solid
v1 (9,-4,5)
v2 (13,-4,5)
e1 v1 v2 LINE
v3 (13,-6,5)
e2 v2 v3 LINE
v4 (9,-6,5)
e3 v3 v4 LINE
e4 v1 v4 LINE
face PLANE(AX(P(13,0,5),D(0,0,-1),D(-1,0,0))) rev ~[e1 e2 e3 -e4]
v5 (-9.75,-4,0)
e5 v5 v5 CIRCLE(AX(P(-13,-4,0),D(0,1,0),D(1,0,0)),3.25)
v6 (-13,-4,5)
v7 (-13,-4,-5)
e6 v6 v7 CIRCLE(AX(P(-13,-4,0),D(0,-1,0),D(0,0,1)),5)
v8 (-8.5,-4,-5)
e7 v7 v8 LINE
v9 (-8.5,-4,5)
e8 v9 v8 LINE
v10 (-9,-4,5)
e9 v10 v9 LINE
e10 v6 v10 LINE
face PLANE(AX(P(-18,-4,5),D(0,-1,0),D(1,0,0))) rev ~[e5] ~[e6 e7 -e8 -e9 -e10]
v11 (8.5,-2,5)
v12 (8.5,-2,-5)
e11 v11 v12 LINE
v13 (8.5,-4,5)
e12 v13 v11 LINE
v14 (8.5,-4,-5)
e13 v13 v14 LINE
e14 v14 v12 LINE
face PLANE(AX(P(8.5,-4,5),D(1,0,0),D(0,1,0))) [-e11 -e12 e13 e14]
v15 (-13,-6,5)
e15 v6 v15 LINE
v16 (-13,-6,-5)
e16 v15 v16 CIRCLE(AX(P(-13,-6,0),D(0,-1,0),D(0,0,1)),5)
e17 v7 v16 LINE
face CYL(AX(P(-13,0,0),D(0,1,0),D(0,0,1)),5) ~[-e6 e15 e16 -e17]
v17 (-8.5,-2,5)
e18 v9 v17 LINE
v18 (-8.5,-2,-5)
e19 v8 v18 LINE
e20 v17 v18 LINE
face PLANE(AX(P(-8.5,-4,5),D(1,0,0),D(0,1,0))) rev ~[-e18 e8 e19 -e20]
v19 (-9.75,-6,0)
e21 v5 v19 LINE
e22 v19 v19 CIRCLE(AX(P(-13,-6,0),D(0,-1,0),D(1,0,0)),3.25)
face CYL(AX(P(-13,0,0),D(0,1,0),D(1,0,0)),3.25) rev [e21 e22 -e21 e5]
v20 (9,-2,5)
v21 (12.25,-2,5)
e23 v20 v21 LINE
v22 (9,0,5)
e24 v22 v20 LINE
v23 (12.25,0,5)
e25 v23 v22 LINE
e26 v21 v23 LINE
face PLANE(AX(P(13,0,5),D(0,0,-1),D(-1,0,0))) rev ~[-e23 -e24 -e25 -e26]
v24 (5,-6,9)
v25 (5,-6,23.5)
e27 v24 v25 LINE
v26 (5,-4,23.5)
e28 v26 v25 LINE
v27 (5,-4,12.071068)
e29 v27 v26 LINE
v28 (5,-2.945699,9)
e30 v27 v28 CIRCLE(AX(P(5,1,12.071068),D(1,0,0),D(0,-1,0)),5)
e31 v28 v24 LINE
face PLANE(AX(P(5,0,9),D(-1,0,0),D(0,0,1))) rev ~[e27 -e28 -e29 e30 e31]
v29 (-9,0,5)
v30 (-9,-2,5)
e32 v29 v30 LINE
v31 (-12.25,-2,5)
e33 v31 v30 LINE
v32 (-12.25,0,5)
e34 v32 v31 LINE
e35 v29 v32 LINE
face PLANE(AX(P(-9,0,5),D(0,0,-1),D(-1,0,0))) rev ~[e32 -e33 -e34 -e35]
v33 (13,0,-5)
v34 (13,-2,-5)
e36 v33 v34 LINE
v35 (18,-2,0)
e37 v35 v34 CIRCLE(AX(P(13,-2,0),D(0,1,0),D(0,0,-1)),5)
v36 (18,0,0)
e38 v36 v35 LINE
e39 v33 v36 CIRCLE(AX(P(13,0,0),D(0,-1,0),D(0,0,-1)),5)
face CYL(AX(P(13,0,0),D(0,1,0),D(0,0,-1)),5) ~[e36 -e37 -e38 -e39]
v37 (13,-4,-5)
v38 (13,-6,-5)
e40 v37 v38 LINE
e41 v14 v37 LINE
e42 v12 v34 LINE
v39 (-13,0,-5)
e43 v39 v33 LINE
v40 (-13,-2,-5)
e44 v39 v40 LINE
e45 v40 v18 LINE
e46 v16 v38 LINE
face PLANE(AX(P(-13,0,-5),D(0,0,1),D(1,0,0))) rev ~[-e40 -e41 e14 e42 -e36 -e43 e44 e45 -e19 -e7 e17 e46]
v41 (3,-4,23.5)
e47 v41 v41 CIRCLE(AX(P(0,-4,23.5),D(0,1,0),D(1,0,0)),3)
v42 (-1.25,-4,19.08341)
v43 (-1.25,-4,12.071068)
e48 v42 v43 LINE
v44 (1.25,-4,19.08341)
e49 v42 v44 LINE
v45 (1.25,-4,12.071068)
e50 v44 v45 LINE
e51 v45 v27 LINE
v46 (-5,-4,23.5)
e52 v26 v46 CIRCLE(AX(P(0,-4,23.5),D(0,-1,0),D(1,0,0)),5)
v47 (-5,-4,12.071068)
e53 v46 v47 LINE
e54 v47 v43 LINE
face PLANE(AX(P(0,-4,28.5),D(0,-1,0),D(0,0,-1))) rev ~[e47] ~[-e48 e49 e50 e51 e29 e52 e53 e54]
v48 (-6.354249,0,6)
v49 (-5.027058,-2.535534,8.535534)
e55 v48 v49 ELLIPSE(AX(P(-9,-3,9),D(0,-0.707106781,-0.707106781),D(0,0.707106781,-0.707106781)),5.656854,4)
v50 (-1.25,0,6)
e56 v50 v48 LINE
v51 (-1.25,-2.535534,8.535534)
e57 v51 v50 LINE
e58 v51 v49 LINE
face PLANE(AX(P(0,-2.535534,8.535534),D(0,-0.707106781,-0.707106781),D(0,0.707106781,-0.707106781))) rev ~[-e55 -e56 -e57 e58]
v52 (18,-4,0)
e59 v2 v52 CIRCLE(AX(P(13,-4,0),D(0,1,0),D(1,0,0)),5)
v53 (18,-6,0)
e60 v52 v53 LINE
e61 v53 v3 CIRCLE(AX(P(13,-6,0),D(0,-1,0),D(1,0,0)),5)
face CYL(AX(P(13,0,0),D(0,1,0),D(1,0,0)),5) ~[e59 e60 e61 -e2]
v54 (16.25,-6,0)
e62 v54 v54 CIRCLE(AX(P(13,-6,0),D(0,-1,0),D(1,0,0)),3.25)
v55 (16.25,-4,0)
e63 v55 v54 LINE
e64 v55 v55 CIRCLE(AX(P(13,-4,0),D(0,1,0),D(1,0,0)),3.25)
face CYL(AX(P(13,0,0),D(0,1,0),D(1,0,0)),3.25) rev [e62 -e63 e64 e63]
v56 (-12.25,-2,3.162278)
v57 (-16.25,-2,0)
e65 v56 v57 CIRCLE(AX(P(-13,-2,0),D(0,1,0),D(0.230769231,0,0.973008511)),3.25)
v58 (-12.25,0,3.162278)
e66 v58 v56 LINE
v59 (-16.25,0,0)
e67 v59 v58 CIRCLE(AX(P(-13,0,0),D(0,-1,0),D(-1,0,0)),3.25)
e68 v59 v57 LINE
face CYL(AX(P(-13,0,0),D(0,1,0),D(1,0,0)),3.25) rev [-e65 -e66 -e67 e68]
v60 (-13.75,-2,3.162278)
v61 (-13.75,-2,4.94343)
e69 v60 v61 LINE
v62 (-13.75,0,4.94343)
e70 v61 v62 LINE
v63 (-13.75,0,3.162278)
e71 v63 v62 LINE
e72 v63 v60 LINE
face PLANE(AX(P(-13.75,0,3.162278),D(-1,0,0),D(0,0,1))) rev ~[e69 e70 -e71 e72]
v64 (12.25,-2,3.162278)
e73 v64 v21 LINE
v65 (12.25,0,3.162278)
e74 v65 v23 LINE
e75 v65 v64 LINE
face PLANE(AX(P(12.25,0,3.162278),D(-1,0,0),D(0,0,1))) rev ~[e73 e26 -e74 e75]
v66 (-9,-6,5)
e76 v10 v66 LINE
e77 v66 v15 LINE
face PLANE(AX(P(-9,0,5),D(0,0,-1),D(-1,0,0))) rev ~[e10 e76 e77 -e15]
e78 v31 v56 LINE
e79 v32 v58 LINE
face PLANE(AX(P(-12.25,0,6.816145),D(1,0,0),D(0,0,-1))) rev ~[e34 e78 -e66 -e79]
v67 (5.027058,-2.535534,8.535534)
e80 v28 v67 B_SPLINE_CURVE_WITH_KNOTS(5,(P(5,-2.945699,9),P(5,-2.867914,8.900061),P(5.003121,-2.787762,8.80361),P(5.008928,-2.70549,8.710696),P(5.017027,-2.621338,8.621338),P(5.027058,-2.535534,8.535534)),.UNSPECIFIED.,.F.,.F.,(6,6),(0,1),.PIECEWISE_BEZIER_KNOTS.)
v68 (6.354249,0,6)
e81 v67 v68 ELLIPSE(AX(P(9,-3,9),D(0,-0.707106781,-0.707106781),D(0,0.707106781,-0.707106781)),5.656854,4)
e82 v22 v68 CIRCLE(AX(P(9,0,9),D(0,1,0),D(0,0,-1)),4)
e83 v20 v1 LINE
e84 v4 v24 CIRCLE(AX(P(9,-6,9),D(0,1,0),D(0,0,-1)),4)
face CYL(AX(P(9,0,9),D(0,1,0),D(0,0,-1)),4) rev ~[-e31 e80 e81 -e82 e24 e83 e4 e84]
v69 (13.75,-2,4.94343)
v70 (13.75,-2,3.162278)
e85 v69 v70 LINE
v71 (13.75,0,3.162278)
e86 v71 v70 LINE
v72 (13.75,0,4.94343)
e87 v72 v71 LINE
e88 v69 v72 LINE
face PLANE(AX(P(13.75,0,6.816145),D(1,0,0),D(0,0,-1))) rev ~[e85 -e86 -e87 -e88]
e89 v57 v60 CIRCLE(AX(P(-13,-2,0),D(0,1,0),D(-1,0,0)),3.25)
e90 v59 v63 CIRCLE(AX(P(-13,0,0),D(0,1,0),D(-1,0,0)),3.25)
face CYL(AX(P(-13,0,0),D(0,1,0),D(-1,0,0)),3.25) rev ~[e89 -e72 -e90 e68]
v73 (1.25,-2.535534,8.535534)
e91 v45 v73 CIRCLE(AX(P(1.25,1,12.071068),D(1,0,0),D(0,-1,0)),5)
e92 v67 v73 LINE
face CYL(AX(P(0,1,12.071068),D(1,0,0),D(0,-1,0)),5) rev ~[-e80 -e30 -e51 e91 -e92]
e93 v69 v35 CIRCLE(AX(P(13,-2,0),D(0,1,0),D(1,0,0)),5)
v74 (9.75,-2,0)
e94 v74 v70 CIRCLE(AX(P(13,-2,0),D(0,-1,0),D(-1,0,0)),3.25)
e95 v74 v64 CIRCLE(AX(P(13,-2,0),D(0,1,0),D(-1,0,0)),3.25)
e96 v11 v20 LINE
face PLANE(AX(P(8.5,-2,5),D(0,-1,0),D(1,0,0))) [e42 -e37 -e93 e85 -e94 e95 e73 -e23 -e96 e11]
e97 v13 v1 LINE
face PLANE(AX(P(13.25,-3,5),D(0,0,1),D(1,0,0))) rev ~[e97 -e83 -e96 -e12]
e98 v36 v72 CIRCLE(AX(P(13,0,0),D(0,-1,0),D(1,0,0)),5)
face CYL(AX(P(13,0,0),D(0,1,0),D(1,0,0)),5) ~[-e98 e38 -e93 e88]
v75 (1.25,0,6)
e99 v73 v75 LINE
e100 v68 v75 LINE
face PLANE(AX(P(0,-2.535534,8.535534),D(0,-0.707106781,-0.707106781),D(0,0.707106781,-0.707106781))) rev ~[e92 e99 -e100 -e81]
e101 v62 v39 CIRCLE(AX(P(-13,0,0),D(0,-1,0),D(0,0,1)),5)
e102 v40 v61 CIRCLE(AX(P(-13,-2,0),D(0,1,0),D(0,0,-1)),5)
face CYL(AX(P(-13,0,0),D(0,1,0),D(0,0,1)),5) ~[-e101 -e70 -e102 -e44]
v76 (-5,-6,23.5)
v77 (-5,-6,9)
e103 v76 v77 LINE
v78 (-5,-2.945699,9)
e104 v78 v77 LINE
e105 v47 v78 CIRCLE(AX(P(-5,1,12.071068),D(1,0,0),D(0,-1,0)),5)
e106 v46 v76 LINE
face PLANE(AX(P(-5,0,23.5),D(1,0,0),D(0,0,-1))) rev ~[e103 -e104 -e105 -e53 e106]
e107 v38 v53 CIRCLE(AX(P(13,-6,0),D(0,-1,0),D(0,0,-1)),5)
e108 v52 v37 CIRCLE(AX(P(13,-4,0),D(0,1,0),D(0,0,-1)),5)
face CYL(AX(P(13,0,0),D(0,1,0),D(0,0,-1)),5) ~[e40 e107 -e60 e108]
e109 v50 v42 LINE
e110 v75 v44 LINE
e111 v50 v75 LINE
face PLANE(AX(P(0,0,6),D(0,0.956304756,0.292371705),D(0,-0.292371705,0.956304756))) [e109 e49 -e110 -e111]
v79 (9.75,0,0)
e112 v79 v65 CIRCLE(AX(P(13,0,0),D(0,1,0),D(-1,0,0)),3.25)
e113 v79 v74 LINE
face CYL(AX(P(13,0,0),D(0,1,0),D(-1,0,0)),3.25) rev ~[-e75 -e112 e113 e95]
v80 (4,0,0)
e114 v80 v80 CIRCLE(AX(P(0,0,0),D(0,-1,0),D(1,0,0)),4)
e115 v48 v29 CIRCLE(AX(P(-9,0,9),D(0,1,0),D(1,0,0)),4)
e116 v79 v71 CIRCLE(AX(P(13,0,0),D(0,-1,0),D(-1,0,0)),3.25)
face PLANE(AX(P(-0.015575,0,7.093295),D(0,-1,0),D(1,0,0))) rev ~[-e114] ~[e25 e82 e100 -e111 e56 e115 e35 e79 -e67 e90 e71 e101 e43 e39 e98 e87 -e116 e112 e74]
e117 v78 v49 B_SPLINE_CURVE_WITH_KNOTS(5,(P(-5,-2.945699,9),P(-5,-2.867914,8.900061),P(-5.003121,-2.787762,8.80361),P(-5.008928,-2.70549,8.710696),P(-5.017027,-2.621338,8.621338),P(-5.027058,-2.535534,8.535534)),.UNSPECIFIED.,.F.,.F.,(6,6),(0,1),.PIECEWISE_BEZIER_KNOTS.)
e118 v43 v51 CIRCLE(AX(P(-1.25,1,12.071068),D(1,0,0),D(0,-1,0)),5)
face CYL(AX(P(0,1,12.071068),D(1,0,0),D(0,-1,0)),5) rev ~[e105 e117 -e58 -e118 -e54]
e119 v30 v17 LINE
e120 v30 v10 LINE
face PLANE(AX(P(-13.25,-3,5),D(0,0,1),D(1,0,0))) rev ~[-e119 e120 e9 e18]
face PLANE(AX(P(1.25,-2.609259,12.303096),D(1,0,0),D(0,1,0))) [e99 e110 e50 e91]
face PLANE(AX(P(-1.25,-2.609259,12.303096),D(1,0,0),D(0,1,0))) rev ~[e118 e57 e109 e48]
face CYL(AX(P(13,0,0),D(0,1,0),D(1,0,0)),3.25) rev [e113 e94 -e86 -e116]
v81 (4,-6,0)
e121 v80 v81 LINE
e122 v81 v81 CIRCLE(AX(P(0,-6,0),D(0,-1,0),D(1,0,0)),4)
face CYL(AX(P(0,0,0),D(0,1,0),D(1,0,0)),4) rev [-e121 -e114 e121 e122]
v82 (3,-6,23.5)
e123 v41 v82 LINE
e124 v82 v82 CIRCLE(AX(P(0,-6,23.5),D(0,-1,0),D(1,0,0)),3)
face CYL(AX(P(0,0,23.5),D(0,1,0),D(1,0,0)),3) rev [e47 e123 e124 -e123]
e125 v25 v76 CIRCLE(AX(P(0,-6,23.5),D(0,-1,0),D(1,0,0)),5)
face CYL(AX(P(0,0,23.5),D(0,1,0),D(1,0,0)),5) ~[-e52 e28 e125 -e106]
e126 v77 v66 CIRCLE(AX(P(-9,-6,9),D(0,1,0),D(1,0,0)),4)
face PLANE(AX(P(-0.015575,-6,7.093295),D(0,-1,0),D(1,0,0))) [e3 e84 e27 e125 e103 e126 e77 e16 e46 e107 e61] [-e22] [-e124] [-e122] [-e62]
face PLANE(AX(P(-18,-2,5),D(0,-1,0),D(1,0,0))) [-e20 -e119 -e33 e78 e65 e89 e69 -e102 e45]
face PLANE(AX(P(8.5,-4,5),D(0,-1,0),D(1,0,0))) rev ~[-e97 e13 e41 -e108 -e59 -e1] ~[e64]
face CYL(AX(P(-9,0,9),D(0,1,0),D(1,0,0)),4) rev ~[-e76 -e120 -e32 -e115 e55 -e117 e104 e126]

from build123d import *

# Parameters (mm, degrees)
F0_R     = 4
F0_R_2   = 3
F0_R_3   = 3.25
F1_DEPTH = 6
F3_DEPTH = 12.5
F5_DEPTH = 1.25
F6_W     = 9.5
F6_H     = 2
F7_DEPTH = 25
F9_DEPTH = 2


with BuildPart() as f1:
    # F0 (on Front) → F1 (new body)
    with BuildSketch(Plane.XZ):
        with BuildLine():
            ThreePointArc((-13, 5), (-9.4644660941, 3.5355339059), (-8, 0))
            ThreePointArc((-8, 0), (-9.4644660941, -3.5355339059), (-13, -5))
            Line((-13, -5), (13, -5))
            ThreePointArc((13, -5), (8, 0), (13, 5))
            Line((13, 5), (9, 5))
            ThreePointArc((9, 5), (6.1715728753, 6.1715728753), (5, 9))
            Line((5, 9), (5, 23.5))
            ThreePointArc((5, 23.5), (0, 28.5), (-5, 23.5))
            Line((-5, 23.5), (-5, 9))
            ThreePointArc((-5, 9), (-6.1715728753, 6.1715728753), (-9, 5))
            Line((-9, 5), (-13, 5))
        make_face()
        Circle(F0_R, mode=Mode.SUBTRACT)
        with Locations((0, 23.5)):
            Circle(F0_R_2, mode=Mode.SUBTRACT)
        with BuildLine():
            ThreePointArc((-13, -5), (-9.4644660941, -3.5355339059), (-8, 0))
            ThreePointArc((-8, 0), (-9.4644660941, 3.5355339059), (-13, 5))
            ThreePointArc((-13, 5), (-18, 0), (-13, -5))
        make_face()
        with Locations((-13, 0)):
            Circle(F0_R_3, mode=Mode.SUBTRACT)
        with BuildLine():
            ThreePointArc((13, 5), (8, 0), (13, -5))
            ThreePointArc((13, -5), (16.5355339059, -3.5355339059), (18, 0))
            ThreePointArc((18, 0), (16.5355339059, 3.5355339059), (13, 5))
        make_face()
        with Locations((13, 0)):
            Circle(F0_R_3, mode=Mode.SUBTRACT)
    extrude(amount=F1_DEPTH)

    # F2 (on Right) → F3 (cut, symmetric)
    with BuildSketch(Plane.YZ):
        with BuildLine():
            Line((0, 28.5), (-4, 28.5))
            Line((-4, 28.5), (-4, 12.0710678119))
            ThreePointArc((-4, 12.0710678119), (-3.6193976626, 10.15765065), (-2.5355339059, 8.5355339059))
            Line((-2.5355339059, 8.5355339059), (0, 6))
            Line((0, 6), (0, 28.5))
        make_face()
    extrude(amount=F3_DEPTH, both=True, mode=Mode.SUBTRACT)

    # F4 (on Right) → F5 (join, symmetric)
    with BuildSketch(Plane.YZ):
        with BuildLine():
            Line((-2.5355339059, 8.5355339059), (0, 6))
            Line((0, 6), (-4, 19.0834104739))
            Line((-4, 19.0834104739), (-4, 12.0710678119))
            ThreePointArc((-4, 12.0710678119), (-3.6193976626, 10.15765065), (-2.5355339059, 8.5355339059))
        make_face()
    extrude(amount=F5_DEPTH, both=True)

    # F6 (on face) → F7 (cut)
    with BuildSketch(Plane.XY.offset(5)):
        with Locations((13.25, -3)):
            Rectangle(F6_W, F6_H)
        with Locations((-13.25, -3)):
            Rectangle(F6_W, F6_H)
    extrude(amount=-F7_DEPTH, mode=Mode.SUBTRACT)

    # F8 (on face) → F9 (cut)
    with BuildSketch(Plane(origin=(0, 0, 0), x_dir=(-1, 0, 0), z_dir=(0, 1, 0))):
        with BuildLine():
            Line((13.75, 6.816144567), (12.25, 6.816144567))
            Line((12.25, 6.816144567), (12.25, 3.1622776602))
            ThreePointArc((12.25, 3.1622776602), (13, 3.25), (13.75, 3.1622776602))
            Line((13.75, 3.1622776602), (13.75, 6.816144567))
        make_face()
        with BuildLine():
            ThreePointArc((13.75, 3.1622776602), (13, 3.25), (12.25, 3.1622776602))
            Line((12.25, 3.1622776602), (12.25, 1.0694904486))
            Line((12.25, 1.0694904486), (13.75, 1.0694904486))
            Line((13.75, 1.0694904486), (13.75, 3.1622776602))
        make_face()
        with BuildLine():
            Line((12.25, 1.0694904486), (12.25, 3.1622776602))
            ThreePointArc((12.25, 3.1622776602), (10.9844355629, -2.5495097568), (16.25, 0))
            ThreePointArc((16.25, 0), (15.5495097568, 2.0155644371), (13.75, 3.1622776602))
            Line((13.75, 3.1622776602), (13.75, 1.0694904486))
            Line((13.75, 1.0694904486), (12.25, 1.0694904486))
        make_face()
        with BuildLine():
            ThreePointArc((-13.75, 3.1622776602), (-15.0155644371, -2.5495097568), (-9.75, 0))
            ThreePointArc((-9.75, 0), (-10.4504902432, 2.0155644371), (-12.25, 3.1622776602))
            Line((-12.25, 3.1622776602), (-12.25, 1.0694904486))
            Line((-12.25, 1.0694904486), (-13.75, 1.0694904486))
            Line((-13.75, 1.0694904486), (-13.75, 3.1622776602))
        make_face()
        with BuildLine():
            Line((-12.25, 1.0694904486), (-12.25, 3.1622776602))
            ThreePointArc((-12.25, 3.1622776602), (-13, 3.25), (-13.75, 3.1622776602))
            Line((-13.75, 3.1622776602), (-13.75, 1.0694904486))
            Line((-13.75, 1.0694904486), (-12.25, 1.0694904486))
        make_face()
        with BuildLine():
            ThreePointArc((-13.75, 3.1622776602), (-13, 3.25), (-12.25, 3.1622776602))
            Line((-12.25, 3.1622776602), (-12.25, 6.816144567))
            Line((-12.25, 6.816144567), (-13.75, 6.816144567))
            Line((-13.75, 6.816144567), (-13.75, 3.1622776602))
        make_face()
        with BuildLine():
            ThreePointArc((-12.25, 3.1622776602), (-13, 3.25), (-13.75, 3.1622776602))
            Line((-13.75, 3.1622776602), (-13.75, 1.0694904486))
            Line((-13.75, 1.0694904486), (-12.25, 1.0694904486))
            Line((-12.25, 1.0694904486), (-12.25, 3.1622776602))
        make_face()
        with BuildLine():
            Line((-13.75, 1.0694904486), (-13.75, 3.1622776602))
            ThreePointArc((-13.75, 3.1622776602), (-15.0155644371, -2.5495097568), (-9.75, 0))
            ThreePointArc((-9.75, 0), (-10.4504902432, 2.0155644371), (-12.25, 3.1622776602))
            Line((-12.25, 3.1622776602), (-12.25, 1.0694904486))
            Line((-12.25, 1.0694904486), (-13.75, 1.0694904486))
        make_face()
    extrude(amount=-F9_DEPTH, mode=Mode.SUBTRACT)


solid = f1.part
